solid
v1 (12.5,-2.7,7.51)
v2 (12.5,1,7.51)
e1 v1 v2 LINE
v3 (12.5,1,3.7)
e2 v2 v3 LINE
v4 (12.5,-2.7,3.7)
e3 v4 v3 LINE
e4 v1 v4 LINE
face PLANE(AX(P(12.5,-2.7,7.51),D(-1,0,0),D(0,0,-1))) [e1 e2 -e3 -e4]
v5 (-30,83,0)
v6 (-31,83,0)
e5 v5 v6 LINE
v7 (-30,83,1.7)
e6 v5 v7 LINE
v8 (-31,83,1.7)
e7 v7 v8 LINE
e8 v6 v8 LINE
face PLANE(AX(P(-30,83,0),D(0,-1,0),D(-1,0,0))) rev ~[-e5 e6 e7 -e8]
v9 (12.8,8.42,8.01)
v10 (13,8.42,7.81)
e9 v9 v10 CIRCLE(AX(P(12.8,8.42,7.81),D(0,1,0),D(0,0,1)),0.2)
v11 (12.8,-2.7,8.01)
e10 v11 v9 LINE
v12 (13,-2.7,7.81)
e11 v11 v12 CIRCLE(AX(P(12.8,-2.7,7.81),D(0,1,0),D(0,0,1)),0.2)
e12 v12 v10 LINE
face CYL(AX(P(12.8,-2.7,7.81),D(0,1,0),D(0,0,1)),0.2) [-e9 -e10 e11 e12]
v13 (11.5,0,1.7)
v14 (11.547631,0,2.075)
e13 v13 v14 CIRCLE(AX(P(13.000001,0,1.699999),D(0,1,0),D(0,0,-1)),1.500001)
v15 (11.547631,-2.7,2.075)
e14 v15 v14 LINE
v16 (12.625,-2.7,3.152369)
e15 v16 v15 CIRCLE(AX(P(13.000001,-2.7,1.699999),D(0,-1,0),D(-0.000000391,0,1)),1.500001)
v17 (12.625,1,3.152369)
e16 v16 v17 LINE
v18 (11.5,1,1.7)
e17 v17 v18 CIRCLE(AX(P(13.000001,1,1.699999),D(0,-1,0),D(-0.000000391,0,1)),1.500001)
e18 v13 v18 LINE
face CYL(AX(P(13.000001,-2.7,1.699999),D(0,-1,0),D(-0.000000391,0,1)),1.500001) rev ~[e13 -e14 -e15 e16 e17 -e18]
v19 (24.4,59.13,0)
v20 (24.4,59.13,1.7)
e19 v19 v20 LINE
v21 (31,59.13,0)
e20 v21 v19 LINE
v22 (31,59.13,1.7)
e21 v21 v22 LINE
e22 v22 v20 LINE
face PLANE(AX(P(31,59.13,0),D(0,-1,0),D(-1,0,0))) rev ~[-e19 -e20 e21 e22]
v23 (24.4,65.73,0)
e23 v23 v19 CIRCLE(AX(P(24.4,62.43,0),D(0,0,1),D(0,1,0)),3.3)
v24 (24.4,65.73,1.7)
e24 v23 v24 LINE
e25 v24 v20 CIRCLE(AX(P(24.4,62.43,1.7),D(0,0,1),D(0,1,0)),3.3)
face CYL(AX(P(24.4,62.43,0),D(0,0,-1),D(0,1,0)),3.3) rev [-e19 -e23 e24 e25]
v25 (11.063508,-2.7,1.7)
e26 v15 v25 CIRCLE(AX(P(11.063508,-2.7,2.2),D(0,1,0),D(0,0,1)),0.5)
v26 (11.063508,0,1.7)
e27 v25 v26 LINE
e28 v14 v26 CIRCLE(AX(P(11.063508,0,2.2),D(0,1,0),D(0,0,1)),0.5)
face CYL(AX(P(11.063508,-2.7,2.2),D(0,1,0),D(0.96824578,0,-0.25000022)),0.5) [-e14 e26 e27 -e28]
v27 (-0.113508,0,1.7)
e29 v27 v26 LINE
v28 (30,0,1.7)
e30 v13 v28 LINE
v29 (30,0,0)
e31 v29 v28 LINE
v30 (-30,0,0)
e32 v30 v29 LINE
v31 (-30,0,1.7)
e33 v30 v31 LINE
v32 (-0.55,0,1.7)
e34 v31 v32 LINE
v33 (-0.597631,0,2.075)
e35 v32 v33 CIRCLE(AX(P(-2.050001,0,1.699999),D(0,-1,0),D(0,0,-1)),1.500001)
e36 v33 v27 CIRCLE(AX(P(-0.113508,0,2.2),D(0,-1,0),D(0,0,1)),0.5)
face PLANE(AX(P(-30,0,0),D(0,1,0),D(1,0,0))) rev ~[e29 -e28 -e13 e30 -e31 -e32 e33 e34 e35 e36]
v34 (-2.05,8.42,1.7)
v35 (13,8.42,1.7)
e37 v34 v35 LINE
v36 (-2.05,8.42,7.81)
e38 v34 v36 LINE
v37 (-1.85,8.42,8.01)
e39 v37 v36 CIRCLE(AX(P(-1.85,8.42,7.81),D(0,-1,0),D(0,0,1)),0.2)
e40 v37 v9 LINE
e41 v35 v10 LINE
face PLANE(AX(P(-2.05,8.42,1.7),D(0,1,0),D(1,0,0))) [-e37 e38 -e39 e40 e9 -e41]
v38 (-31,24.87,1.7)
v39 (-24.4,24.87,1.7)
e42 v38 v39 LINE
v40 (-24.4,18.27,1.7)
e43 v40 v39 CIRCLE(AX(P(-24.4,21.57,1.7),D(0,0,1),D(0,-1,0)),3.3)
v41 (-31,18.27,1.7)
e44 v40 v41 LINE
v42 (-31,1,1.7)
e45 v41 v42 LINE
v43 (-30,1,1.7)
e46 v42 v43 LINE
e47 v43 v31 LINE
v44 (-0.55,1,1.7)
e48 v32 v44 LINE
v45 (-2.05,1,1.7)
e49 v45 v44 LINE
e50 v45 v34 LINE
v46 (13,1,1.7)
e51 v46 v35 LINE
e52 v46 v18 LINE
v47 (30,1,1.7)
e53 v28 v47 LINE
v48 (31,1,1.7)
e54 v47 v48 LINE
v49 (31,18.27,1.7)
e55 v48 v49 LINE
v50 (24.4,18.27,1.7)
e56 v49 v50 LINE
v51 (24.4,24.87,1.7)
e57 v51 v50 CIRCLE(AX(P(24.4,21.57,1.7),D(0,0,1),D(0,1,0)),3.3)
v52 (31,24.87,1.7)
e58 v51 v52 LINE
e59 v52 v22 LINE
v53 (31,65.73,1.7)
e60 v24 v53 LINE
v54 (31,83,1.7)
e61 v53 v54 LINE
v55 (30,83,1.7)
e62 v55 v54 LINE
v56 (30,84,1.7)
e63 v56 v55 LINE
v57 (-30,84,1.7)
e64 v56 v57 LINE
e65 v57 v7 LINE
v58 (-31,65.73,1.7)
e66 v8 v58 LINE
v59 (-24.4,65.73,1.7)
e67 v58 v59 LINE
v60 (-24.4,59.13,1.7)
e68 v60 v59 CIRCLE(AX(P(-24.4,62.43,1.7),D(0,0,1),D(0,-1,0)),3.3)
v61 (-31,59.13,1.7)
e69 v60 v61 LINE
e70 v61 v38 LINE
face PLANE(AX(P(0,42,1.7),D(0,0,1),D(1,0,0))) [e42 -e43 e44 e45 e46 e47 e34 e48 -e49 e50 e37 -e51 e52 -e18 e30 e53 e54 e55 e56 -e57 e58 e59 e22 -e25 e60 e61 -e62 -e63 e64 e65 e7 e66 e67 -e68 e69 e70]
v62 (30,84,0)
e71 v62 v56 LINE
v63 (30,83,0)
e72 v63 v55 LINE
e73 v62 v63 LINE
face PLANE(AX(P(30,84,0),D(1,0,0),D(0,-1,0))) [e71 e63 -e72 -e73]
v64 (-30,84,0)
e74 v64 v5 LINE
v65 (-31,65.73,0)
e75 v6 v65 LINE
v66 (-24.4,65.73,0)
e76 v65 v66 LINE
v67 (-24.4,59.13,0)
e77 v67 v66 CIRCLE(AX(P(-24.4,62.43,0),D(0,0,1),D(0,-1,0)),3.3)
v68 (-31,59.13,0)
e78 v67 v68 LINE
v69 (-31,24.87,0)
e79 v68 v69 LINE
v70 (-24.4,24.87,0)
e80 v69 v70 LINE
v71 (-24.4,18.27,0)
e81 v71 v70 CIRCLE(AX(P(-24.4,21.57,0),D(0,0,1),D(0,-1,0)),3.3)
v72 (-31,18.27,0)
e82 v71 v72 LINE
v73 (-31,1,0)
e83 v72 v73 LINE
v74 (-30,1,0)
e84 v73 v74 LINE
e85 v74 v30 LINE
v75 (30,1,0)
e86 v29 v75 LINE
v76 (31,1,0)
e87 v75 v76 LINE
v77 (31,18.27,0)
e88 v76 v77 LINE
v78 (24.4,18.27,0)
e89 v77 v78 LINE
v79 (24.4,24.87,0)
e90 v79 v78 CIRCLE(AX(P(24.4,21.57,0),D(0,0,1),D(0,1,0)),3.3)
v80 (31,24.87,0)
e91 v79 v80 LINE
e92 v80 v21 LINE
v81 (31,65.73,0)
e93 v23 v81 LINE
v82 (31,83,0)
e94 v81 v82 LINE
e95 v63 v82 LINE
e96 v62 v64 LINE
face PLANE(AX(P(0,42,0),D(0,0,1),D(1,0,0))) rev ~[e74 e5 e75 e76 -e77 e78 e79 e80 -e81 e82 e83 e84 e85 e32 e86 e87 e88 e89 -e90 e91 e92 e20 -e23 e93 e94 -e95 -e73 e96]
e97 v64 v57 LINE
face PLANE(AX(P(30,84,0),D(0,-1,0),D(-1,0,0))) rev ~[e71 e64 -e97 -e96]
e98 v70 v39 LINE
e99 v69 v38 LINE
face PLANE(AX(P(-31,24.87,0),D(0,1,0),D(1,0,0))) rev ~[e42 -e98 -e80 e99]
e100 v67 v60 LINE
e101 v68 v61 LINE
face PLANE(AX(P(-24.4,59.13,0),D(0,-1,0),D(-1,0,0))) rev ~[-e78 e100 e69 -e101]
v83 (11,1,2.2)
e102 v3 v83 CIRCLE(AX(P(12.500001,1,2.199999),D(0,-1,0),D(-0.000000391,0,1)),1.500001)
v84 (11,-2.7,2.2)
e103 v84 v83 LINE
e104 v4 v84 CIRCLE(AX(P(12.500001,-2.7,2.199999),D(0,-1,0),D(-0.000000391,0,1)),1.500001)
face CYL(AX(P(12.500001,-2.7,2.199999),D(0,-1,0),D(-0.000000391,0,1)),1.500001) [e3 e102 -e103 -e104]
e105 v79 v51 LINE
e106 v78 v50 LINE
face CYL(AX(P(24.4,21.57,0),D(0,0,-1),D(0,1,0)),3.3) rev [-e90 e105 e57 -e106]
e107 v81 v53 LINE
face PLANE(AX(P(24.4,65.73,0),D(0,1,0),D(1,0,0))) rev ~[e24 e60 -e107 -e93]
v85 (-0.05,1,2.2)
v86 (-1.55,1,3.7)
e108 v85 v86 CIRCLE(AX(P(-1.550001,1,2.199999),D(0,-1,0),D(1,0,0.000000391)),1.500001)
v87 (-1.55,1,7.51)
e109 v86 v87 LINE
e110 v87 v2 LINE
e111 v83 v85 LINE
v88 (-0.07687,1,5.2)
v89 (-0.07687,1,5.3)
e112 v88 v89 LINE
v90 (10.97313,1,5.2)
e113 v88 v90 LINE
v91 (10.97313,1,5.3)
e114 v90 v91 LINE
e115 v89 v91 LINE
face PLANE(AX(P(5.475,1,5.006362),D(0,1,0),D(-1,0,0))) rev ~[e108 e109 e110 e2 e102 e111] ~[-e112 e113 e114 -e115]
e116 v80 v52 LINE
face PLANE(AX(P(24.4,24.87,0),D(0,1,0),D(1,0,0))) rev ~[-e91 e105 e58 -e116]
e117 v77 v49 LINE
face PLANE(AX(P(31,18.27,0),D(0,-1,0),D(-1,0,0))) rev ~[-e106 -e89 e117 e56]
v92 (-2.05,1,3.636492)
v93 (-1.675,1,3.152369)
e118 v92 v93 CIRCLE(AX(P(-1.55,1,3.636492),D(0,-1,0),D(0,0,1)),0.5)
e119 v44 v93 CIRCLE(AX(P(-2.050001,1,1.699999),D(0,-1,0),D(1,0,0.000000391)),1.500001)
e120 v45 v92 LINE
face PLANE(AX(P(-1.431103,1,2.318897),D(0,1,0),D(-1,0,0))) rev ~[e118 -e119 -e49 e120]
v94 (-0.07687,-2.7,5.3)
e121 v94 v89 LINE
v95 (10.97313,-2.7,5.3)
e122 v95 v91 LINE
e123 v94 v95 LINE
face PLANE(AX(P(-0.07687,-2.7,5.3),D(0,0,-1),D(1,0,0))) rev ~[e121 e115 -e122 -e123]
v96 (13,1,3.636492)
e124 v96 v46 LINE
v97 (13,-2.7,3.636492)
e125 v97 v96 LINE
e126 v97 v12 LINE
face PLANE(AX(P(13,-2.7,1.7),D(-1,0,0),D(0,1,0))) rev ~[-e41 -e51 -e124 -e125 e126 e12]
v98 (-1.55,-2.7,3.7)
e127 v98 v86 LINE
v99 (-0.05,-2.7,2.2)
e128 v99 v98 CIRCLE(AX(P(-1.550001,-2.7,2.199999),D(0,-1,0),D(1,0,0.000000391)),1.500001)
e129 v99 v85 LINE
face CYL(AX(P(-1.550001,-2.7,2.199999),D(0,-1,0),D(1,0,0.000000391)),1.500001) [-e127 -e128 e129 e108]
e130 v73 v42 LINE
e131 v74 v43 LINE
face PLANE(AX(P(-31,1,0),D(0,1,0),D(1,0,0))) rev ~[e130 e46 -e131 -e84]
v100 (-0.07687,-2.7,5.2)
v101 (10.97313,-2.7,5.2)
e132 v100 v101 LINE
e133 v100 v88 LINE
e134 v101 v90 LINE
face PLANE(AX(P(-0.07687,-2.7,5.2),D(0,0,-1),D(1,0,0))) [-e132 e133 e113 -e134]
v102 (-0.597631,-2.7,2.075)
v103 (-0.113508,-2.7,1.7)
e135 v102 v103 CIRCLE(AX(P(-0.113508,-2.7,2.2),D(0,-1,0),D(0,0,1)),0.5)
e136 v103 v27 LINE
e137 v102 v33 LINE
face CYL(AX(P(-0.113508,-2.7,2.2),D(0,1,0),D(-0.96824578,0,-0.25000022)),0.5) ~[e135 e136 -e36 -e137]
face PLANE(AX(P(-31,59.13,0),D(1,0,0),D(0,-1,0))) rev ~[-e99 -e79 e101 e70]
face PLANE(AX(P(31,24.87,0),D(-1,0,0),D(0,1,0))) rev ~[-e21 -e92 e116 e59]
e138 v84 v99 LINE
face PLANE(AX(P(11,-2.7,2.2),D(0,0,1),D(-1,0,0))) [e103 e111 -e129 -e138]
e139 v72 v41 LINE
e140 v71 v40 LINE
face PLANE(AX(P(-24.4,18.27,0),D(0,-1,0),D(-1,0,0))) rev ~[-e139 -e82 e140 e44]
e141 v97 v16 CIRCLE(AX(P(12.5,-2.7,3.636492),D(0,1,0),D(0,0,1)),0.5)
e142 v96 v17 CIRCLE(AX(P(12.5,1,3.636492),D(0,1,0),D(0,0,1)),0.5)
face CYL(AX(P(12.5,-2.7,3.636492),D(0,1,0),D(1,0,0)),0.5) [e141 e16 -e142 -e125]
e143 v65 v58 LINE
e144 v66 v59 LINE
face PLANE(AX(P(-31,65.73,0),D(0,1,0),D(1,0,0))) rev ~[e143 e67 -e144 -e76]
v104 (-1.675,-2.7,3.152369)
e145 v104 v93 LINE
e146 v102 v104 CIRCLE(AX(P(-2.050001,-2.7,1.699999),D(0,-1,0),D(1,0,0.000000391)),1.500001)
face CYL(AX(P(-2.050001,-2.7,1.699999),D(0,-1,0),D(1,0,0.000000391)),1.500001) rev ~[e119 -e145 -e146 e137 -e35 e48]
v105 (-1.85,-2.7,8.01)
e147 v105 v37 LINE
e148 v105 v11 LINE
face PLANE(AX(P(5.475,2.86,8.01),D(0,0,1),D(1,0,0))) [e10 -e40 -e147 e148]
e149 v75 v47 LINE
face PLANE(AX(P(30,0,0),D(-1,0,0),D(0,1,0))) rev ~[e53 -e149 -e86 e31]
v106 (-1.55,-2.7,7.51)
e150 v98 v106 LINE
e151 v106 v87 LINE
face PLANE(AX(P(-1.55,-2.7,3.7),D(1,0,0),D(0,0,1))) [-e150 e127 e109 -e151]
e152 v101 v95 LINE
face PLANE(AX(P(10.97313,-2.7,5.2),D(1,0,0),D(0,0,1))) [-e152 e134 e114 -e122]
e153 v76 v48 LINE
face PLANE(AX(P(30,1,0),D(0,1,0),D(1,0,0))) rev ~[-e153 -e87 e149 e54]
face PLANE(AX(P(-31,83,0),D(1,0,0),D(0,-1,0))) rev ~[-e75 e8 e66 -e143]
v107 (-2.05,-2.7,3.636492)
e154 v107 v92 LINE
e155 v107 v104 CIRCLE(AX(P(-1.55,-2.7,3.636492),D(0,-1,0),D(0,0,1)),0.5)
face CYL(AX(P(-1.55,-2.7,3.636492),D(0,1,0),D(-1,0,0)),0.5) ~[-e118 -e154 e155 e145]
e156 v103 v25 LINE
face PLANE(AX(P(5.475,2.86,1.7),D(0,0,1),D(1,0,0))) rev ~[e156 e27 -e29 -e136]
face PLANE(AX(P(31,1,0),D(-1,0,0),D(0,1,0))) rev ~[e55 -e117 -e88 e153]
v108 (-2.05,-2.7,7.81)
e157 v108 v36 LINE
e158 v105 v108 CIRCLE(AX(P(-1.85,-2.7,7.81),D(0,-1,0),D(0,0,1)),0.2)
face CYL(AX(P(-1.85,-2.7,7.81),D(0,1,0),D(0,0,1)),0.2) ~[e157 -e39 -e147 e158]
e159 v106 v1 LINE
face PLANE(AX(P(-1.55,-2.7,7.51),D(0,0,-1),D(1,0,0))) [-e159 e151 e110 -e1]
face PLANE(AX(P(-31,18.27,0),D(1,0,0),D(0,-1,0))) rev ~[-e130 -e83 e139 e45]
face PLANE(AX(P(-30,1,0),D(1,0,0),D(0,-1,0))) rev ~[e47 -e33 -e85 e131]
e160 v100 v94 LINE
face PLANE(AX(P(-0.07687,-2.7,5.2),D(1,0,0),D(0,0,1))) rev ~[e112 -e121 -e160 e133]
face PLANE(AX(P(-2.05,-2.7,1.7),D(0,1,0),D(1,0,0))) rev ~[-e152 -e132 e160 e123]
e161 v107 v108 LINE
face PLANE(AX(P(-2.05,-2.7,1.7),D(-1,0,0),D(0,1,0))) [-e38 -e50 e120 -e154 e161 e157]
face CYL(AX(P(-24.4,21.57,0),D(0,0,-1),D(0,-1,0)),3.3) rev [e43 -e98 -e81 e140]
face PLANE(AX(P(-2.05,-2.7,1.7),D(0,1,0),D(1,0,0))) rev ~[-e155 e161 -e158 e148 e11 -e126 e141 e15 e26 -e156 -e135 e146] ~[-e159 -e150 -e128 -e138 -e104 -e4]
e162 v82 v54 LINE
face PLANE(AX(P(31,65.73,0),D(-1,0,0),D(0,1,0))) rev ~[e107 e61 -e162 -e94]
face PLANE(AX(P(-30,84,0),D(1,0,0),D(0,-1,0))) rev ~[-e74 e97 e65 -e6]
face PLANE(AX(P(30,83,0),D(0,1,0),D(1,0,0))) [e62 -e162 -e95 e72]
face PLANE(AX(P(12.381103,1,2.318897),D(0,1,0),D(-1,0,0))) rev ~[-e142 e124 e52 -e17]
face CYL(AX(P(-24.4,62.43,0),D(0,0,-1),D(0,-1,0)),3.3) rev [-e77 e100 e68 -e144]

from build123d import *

# Parameters (mm, degrees)
PAD_DEPTH       = 1.7
SKETCH006_W     = 15.05
SKETCH006_H     = 11.12
PAD005_DEPTH    = 6.31
SKETCH012_W     = 11.05
SKETCH012_H     = 0.1
POCKET001_DEPTH = 3.7
FILLET002_R     = 0.2
FILLET003_R     = 0.2
FILLET010_R     = 0.5


with BuildPart() as part:
    # Sketch → Pad (new body)
    with BuildSketch(Plane.XY):
        with BuildLine():
            Line((0, 0), (30, 0))
            Line((30, 0), (30, 1))
            Line((30, 1), (31, 1))
            Line((31, 1), (31, 18.27))
            Line((31, 18.27), (24.4, 18.27))
            ThreePointArc((24.4, 24.87), (21.1, 21.57), (24.4, 18.27))
            Line((24.4, 24.87), (31, 24.87))
            Line((31, 24.87), (31, 59.13))
            Line((31, 59.13), (24.4, 59.13))
            ThreePointArc((24.4, 65.73), (21.1, 62.43), (24.4, 59.13))
            Line((24.4, 65.73), (31, 65.73))
            Line((31, 65.73), (31, 83))
            Line((30, 83), (31, 83))
            Line((30, 84), (30, 83))
            Line((30, 84), (0, 84))
            Line((0, 84), (-30, 84))
            Line((-30, 84), (-30, 83))
            Line((-30, 83), (-31, 83))
            Line((-31, 83), (-31, 65.73))
            Line((-31, 65.73), (-24.4, 65.73))
            ThreePointArc((-24.4, 59.13), (-21.1, 62.43), (-24.4, 65.73))
            Line((-24.4, 59.13), (-31, 59.13))
            Line((-31, 59.13), (-31, 24.87))
            Line((-31, 24.87), (-24.4, 24.87))
            ThreePointArc((-24.4, 18.27), (-21.1, 21.57), (-24.4, 24.87))
            Line((-24.4, 18.27), (-31, 18.27))
            Line((-31, 18.27), (-31, 1))
            Line((-31, 1), (-30, 1))
            Line((-30, 1), (-30, 0))
            Line((-30, 0), (0, 0))
        make_face()
    extrude(amount=PAD_DEPTH)

    # Sketch006 → Pad005 (new body)
    with BuildSketch(Plane.XY.offset(1.7)):
        with Locations((5.475, 2.86)):
            Rectangle(SKETCH006_W, SKETCH006_H)
    extrude(amount=PAD005_DEPTH)

    # Sketch012 → Pocket001 (cut)
    with BuildSketch(Plane.XZ.offset(2.7)):
        with BuildLine():
            Line((-2.05, 1.7), (-2.05, 3.2))
            ThreePointArc((-0.55, 1.7), (-0.98934, 2.76066), (-2.05, 3.2))
            Line((-2.05, 1.7), (-0.55, 1.7))
        make_face()
        with BuildLine():
            Line((13, 3.2), (13, 1.7))
            Line((13, 1.7), (11.5, 1.7))
            ThreePointArc((13, 3.2), (11.93934, 2.76066), (11.5, 1.7))
        make_face()
        with BuildLine():
            Line((-1.55, 7.51), (12.5, 7.51))
            Line((12.5, 7.51), (12.5, 3.7))
            ThreePointArc((12.5, 3.7), (11.43934, 3.26066), (11, 2.2))
            Line((11, 2.2), (-0.05, 2.2))
            ThreePointArc((-0.05, 2.2), (-0.48934, 3.26066), (-1.55, 3.7))
            Line((-1.55, 3.7), (-1.55, 7.51))
        make_face()
        with Locations((5.44813, 5.25)):
            Rectangle(SKETCH012_W, SKETCH012_H, mode=Mode.SUBTRACT)
    extrude(amount=-POCKET001_DEPTH, mode=Mode.SUBTRACT)

    # Fillet002
    fillet002_edges = [part.edges().sort_by_distance(p)[0] for p in [
        (13, 2.86, 8.01),
    ]]
    fillet(fillet002_edges, radius=FILLET002_R)

    # Fillet003
    fillet003_edges = [part.edges().sort_by_distance(p)[0] for p in [
        (-2.05, 2.86, 8.01),
    ]]
    fillet(fillet003_edges, radius=FILLET003_R)

    # Fillet010
    fillet010_edges = [part.edges().sort_by_distance(p)[0] for p in [
        (-0.55, -1.35, 1.7),
        (-2.05, -0.85, 3.2),
        (13, -0.85, 3.2),
        (11.5, -1.35, 1.7),
    ]]
    fillet(fillet010_edges, radius=FILLET010_R)


solid = part.part
